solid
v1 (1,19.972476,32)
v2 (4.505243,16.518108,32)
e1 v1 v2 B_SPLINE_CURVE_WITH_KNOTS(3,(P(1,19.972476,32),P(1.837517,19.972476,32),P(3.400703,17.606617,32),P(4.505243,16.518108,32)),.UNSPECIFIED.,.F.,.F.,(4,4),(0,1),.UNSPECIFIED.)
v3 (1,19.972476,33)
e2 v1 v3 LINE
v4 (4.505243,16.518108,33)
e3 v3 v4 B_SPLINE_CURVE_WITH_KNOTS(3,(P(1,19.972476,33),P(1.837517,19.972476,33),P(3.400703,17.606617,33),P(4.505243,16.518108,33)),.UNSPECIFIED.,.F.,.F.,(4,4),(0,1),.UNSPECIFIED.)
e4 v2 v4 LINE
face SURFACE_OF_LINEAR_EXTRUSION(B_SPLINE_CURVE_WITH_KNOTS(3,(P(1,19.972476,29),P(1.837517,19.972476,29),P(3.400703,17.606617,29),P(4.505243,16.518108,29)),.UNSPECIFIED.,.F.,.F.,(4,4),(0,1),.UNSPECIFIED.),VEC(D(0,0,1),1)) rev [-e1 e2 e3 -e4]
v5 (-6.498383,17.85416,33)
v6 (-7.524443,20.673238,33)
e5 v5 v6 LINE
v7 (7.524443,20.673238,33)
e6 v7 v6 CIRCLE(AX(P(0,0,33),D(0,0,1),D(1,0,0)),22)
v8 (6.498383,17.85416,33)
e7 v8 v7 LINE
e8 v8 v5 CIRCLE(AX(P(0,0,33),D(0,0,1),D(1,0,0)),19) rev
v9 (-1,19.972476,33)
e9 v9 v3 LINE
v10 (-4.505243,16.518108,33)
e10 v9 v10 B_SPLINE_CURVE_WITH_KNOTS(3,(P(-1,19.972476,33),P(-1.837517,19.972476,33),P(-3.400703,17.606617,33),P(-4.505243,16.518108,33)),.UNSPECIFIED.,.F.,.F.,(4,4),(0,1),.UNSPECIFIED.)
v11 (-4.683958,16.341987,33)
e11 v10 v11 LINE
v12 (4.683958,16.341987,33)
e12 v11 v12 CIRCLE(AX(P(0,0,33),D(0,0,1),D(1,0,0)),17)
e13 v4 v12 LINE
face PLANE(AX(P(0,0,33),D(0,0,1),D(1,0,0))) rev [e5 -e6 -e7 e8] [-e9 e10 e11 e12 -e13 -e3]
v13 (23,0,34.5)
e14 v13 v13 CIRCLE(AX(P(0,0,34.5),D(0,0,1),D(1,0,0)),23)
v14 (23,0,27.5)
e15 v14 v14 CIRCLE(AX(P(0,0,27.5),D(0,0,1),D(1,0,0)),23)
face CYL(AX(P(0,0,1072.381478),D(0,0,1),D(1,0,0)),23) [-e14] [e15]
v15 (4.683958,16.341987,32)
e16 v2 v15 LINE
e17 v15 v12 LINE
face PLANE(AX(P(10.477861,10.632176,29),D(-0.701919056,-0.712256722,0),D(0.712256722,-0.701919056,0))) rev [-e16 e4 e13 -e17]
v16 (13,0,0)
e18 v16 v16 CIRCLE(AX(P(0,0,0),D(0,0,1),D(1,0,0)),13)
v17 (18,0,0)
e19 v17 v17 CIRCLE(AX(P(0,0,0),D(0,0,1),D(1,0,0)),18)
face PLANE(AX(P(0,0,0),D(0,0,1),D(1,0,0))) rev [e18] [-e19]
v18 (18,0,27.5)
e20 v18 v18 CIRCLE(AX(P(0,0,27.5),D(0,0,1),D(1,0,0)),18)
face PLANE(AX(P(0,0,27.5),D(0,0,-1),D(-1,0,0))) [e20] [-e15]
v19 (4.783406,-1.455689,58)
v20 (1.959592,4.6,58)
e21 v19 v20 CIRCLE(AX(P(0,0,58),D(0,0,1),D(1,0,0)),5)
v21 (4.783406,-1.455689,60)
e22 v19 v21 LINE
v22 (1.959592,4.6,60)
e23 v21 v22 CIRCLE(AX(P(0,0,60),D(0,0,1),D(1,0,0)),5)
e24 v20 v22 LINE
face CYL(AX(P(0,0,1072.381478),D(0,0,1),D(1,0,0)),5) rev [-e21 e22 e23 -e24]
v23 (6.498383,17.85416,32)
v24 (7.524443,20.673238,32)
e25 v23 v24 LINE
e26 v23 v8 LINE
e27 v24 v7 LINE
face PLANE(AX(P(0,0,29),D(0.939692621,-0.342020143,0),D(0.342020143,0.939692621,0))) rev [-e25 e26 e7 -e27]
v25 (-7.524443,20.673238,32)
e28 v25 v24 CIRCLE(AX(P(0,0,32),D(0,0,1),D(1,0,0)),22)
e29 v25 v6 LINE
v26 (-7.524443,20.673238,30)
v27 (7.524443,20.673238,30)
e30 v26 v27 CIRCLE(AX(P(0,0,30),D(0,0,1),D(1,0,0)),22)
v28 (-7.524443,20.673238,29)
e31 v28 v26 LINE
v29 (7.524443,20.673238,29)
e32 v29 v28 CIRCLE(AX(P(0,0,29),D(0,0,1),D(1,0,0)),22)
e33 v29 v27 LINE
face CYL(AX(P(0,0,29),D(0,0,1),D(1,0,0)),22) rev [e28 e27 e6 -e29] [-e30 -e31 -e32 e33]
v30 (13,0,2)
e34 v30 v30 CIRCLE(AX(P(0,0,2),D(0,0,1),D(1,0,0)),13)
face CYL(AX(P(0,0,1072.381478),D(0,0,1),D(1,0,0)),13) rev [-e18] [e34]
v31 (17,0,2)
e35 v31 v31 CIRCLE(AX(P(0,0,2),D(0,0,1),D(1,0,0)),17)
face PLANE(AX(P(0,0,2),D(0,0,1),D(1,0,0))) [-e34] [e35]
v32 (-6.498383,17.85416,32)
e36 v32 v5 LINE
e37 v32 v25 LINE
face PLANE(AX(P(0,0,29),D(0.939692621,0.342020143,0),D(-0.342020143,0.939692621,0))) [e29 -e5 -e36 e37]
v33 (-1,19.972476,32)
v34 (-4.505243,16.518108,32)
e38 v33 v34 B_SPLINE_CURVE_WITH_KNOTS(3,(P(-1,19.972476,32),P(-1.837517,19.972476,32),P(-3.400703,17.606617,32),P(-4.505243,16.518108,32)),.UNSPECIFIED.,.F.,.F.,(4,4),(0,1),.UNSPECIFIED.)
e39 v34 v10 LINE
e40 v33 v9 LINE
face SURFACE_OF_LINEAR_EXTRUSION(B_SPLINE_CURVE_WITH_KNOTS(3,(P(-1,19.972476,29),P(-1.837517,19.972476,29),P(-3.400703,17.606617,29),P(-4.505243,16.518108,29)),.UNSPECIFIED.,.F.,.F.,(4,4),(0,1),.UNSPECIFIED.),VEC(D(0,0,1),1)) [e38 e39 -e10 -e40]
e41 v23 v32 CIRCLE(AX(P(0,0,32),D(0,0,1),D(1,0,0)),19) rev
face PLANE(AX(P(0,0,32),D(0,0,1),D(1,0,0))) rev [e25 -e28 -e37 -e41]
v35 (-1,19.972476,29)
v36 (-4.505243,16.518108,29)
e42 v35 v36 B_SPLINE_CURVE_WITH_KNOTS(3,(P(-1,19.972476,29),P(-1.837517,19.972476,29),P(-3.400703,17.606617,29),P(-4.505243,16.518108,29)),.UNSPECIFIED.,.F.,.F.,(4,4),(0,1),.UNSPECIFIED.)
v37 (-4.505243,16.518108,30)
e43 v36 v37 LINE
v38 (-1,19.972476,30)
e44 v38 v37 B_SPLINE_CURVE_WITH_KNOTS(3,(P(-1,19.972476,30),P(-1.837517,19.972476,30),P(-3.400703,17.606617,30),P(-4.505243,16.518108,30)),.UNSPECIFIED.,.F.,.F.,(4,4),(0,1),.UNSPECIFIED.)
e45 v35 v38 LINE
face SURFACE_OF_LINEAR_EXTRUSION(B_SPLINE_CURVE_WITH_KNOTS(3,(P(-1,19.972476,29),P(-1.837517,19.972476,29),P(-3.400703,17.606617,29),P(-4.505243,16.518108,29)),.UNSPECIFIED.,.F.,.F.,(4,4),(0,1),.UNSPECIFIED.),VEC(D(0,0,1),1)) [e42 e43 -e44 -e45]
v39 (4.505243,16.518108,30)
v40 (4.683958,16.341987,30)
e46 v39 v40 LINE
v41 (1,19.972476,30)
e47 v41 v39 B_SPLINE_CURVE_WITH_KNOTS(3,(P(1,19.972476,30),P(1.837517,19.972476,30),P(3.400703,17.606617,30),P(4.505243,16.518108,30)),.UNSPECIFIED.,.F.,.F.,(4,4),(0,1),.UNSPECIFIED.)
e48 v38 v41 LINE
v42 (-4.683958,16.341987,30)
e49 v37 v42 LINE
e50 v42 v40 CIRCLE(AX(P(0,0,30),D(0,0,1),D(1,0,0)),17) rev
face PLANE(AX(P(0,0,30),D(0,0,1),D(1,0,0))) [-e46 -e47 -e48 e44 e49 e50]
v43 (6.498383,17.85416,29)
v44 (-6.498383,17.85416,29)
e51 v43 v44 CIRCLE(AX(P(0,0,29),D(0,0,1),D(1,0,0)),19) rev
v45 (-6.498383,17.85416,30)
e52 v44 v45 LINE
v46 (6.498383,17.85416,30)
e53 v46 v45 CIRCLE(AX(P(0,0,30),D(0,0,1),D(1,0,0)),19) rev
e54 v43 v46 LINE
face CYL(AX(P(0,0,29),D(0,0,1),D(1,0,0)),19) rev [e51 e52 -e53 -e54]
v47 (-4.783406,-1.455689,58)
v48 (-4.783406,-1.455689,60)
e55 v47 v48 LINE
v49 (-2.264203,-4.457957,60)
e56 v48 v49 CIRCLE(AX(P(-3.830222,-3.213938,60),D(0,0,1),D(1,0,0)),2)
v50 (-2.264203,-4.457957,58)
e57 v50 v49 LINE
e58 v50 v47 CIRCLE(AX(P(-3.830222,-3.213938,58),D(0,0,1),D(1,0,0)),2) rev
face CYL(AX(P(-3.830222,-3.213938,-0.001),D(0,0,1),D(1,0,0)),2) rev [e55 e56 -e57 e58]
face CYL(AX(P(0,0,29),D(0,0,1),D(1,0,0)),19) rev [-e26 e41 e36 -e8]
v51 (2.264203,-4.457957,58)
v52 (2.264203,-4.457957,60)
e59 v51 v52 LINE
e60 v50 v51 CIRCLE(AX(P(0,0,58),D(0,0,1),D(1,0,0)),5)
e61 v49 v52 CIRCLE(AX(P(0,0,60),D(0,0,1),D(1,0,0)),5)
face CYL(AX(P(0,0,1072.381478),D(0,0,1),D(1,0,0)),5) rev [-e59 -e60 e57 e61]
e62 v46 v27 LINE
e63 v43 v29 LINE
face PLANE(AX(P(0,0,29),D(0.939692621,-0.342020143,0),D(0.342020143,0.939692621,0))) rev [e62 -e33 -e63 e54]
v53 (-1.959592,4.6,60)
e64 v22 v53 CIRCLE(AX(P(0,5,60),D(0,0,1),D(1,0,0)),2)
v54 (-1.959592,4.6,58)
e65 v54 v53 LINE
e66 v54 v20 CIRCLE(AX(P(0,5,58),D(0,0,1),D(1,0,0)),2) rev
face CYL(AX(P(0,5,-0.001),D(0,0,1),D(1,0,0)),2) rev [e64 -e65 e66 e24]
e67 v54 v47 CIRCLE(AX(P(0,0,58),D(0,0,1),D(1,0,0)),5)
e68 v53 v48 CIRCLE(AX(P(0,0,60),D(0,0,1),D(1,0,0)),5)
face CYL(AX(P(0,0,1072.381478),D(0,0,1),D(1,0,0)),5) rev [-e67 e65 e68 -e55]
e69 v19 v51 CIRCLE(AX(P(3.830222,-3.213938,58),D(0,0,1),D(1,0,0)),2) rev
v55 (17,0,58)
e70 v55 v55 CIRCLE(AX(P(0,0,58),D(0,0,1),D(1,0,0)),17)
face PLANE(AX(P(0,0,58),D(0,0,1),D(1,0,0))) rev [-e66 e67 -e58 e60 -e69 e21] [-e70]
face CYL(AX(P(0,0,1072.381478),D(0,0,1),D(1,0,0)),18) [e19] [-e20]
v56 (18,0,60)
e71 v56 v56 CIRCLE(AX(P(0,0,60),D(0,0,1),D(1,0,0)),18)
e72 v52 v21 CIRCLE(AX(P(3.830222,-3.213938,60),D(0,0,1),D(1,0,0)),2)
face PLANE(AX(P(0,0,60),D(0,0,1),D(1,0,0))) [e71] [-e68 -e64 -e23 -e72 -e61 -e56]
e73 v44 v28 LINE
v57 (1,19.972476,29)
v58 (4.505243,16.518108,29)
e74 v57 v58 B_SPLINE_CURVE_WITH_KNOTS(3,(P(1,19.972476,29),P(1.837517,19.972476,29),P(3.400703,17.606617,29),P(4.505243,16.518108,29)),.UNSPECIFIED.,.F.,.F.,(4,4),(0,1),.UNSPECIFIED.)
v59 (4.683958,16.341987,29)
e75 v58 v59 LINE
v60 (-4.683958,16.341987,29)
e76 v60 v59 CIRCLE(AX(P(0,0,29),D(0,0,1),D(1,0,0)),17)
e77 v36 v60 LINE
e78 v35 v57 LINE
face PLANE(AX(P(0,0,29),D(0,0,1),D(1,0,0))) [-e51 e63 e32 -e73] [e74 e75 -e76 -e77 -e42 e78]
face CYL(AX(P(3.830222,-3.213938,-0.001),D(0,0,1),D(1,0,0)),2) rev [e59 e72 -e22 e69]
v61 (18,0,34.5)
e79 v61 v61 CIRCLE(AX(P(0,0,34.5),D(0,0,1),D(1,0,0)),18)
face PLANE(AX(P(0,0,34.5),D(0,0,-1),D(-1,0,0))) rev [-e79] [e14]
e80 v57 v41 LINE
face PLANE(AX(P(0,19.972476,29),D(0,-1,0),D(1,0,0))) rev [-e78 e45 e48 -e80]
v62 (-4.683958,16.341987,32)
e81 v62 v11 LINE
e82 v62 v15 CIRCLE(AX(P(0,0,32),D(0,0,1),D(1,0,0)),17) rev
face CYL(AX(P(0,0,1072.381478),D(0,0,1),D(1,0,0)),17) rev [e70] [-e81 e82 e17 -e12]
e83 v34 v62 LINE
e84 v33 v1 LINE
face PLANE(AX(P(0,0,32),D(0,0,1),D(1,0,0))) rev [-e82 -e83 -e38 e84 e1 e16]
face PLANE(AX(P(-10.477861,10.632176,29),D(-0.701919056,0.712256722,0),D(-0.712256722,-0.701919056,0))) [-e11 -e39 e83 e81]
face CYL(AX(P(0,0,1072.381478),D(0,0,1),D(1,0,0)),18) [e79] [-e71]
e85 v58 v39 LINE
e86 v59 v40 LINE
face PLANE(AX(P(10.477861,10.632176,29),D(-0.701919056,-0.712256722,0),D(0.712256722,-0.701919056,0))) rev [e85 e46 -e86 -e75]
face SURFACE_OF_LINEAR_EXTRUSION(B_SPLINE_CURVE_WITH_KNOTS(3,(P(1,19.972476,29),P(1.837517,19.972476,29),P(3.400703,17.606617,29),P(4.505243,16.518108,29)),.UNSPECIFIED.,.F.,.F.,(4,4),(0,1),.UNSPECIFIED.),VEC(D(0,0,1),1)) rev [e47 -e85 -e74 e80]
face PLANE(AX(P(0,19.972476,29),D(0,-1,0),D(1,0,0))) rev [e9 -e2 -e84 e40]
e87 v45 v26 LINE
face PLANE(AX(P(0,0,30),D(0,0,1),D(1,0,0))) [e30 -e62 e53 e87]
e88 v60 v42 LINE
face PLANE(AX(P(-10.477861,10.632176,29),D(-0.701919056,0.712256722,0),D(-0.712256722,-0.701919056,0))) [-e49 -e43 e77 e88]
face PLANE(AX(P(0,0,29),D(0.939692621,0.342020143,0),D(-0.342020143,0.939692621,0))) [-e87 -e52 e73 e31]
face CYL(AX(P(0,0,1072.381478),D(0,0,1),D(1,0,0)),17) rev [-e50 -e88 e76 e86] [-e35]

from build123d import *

# Parameters (mm, degrees)
SKETCH1_W          = 3.5
SKETCH1_H          = 5
CUT_EXTRUDE1_DEPTH = 2
SKETCH3_5_R        = 17
CUT_EXTRUDE2_DEPTH = 1
CUT_EXTRUDE3_START = -2
SKETCH5_R          = 5
SKETCH5_R_2        = 2
CUT_EXTRUDE3_DEPTH = 2


with BuildPart() as part:
    # Sketch1 → Revolve1 (revolve)
    with BuildSketch(Plane(origin=(0, 0, 0), x_dir=(0, 0, -1), z_dir=(1, 0, 0)), mode=Mode.PRIVATE) as revolve1_sk:
        Polygon((-60, 18), (-60, 5), (-58, 5), (-58, 17), (-31, 17), (-31, 18), (-34.5, 18), align=None)
        with Locations((-32.75, 20.5)):
            Rectangle(SKETCH1_W, SKETCH1_H)
        with Locations((-29.25, 20.5)):
            Rectangle(SKETCH1_W, SKETCH1_H)
        Polygon((-31, 18), (-31, 17), (-2, 17), (-2, 13), (0, 13), (0, 18), (-27.5, 18), align=None)
    revolve(revolve1_sk.sketch.rotate(Axis((0, 0, 1072.381477522), (0, 0, -1)), 90), axis=Axis((0, 0, 1072.381477522), (0, 0, -1)))

    # Sketch3 → Cut-Extrude1 (cut, symmetric)
    with BuildSketch(Plane.XY.offset(31)):
        with BuildLine():
            ThreePointArc((-6.498382723, 17.854159795), (0, -19), (6.498382723, 17.854159795))
            Line((6.498382723, 17.854159795), (7.524443153, 20.673237657))
            ThreePointArc((7.524443153, 20.673237657), (0, 22), (-7.524443153, 20.673237657))
            Line((-7.524443153, 20.673237657), (-6.498382723, 17.854159795))
        make_face()
        with BuildLine():
            add(Edge.make_bspline(
                [(-1, 19.972475891), (-1.837517439, 19.972475891), (-3.400702548, 17.606617047), (-4.505243001, 16.51810785)],
                knots=[0, 0, 0, 0, 1, 1, 1, 1], degree=3))
            Line((-1, 19.972475891), (1, 19.972475891))
            add(Edge.make_bspline(
                [(1, 19.972475891), (1.837517439, 19.972475891), (3.400702548, 17.606617047), (4.505243001, 16.51810785)],
                knots=[0, 0, 0, 0, 1, 1, 1, 1], degree=3))
            Line((4.505243001, 16.51810785), (4.683957663, 16.341987046))
            ThreePointArc((4.683957663, 16.341987046), (13.576215973, 10.231635249), (17, 0))
            ThreePointArc((17, 0), (-10.231635249, -13.576215973), (-4.683957663, 16.341987046))
            Line((-4.683957663, 16.341987046), (-4.505243001, 16.51810785))
        make_face(mode=Mode.SUBTRACT)
    extrude(amount=CUT_EXTRUDE1_DEPTH, both=True, mode=Mode.SUBTRACT)

    # Sketch3<5> → Cut-Extrude2 (cut, symmetric)
    with BuildSketch(Plane.XY.offset(31)):
        Circle(SKETCH3_5_R)
        with BuildLine():
            Line((1, 19.972475891), (-1, 19.972475891))
            add(Edge.make_bspline(
                [(-1, 19.972475891), (-1.837517439, 19.972475891), (-3.400702548, 17.606617047), (-4.505243001, 16.51810785)],
                knots=[0, 0, 0, 0, 1, 1, 1, 1], degree=3))
            Line((-4.505243001, 16.51810785), (-4.683957663, 16.341987046))
            ThreePointArc((-4.683957663, 16.341987046), (0, 17), (4.683957663, 16.341987046))
            Line((4.683957663, 16.341987046), (4.505243001, 16.51810785))
            add(Edge.make_bspline(
                [(1, 19.972475891), (1.837517439, 19.972475891), (3.400702548, 17.606617047), (4.505243001, 16.51810785)],
                knots=[0, 0, 0, 0, 1, 1, 1, 1], degree=3))
        make_face()
        with BuildLine():
            Line((7.524443153, 20.673237657), (6.498382723, 17.854159795))
            ThreePointArc((6.498382723, 17.854159795), (0, -19), (-6.498382723, 17.854159795))
            Line((-6.498382723, 17.854159795), (-7.524443153, 20.673237657))
            ThreePointArc((-7.524443153, 20.673237657), (-12.6186816, -18.021344974), (22, 0))
            ThreePointArc((22, 0), (18.021344974, 12.6186816), (7.524443153, 20.673237657))
        make_face()
    extrude(amount=CUT_EXTRUDE2_DEPTH, both=True, mode=Mode.SUBTRACT)

    # Sketch5 → Cut-Extrude3 (cut)
    with BuildSketch(Plane.XY.offset(60).offset(CUT_EXTRUDE3_START)):
        Circle(SKETCH5_R)
        with Locations((-3.830222216, -3.213938048)):
            Circle(SKETCH5_R_2)
        with Locations((0, 5)):
            Circle(SKETCH5_R_2)
        with Locations((3.830222216, -3.213938048)):
            Circle(SKETCH5_R_2)
    extrude(amount=CUT_EXTRUDE3_DEPTH, mode=Mode.SUBTRACT)


solid = part.part
